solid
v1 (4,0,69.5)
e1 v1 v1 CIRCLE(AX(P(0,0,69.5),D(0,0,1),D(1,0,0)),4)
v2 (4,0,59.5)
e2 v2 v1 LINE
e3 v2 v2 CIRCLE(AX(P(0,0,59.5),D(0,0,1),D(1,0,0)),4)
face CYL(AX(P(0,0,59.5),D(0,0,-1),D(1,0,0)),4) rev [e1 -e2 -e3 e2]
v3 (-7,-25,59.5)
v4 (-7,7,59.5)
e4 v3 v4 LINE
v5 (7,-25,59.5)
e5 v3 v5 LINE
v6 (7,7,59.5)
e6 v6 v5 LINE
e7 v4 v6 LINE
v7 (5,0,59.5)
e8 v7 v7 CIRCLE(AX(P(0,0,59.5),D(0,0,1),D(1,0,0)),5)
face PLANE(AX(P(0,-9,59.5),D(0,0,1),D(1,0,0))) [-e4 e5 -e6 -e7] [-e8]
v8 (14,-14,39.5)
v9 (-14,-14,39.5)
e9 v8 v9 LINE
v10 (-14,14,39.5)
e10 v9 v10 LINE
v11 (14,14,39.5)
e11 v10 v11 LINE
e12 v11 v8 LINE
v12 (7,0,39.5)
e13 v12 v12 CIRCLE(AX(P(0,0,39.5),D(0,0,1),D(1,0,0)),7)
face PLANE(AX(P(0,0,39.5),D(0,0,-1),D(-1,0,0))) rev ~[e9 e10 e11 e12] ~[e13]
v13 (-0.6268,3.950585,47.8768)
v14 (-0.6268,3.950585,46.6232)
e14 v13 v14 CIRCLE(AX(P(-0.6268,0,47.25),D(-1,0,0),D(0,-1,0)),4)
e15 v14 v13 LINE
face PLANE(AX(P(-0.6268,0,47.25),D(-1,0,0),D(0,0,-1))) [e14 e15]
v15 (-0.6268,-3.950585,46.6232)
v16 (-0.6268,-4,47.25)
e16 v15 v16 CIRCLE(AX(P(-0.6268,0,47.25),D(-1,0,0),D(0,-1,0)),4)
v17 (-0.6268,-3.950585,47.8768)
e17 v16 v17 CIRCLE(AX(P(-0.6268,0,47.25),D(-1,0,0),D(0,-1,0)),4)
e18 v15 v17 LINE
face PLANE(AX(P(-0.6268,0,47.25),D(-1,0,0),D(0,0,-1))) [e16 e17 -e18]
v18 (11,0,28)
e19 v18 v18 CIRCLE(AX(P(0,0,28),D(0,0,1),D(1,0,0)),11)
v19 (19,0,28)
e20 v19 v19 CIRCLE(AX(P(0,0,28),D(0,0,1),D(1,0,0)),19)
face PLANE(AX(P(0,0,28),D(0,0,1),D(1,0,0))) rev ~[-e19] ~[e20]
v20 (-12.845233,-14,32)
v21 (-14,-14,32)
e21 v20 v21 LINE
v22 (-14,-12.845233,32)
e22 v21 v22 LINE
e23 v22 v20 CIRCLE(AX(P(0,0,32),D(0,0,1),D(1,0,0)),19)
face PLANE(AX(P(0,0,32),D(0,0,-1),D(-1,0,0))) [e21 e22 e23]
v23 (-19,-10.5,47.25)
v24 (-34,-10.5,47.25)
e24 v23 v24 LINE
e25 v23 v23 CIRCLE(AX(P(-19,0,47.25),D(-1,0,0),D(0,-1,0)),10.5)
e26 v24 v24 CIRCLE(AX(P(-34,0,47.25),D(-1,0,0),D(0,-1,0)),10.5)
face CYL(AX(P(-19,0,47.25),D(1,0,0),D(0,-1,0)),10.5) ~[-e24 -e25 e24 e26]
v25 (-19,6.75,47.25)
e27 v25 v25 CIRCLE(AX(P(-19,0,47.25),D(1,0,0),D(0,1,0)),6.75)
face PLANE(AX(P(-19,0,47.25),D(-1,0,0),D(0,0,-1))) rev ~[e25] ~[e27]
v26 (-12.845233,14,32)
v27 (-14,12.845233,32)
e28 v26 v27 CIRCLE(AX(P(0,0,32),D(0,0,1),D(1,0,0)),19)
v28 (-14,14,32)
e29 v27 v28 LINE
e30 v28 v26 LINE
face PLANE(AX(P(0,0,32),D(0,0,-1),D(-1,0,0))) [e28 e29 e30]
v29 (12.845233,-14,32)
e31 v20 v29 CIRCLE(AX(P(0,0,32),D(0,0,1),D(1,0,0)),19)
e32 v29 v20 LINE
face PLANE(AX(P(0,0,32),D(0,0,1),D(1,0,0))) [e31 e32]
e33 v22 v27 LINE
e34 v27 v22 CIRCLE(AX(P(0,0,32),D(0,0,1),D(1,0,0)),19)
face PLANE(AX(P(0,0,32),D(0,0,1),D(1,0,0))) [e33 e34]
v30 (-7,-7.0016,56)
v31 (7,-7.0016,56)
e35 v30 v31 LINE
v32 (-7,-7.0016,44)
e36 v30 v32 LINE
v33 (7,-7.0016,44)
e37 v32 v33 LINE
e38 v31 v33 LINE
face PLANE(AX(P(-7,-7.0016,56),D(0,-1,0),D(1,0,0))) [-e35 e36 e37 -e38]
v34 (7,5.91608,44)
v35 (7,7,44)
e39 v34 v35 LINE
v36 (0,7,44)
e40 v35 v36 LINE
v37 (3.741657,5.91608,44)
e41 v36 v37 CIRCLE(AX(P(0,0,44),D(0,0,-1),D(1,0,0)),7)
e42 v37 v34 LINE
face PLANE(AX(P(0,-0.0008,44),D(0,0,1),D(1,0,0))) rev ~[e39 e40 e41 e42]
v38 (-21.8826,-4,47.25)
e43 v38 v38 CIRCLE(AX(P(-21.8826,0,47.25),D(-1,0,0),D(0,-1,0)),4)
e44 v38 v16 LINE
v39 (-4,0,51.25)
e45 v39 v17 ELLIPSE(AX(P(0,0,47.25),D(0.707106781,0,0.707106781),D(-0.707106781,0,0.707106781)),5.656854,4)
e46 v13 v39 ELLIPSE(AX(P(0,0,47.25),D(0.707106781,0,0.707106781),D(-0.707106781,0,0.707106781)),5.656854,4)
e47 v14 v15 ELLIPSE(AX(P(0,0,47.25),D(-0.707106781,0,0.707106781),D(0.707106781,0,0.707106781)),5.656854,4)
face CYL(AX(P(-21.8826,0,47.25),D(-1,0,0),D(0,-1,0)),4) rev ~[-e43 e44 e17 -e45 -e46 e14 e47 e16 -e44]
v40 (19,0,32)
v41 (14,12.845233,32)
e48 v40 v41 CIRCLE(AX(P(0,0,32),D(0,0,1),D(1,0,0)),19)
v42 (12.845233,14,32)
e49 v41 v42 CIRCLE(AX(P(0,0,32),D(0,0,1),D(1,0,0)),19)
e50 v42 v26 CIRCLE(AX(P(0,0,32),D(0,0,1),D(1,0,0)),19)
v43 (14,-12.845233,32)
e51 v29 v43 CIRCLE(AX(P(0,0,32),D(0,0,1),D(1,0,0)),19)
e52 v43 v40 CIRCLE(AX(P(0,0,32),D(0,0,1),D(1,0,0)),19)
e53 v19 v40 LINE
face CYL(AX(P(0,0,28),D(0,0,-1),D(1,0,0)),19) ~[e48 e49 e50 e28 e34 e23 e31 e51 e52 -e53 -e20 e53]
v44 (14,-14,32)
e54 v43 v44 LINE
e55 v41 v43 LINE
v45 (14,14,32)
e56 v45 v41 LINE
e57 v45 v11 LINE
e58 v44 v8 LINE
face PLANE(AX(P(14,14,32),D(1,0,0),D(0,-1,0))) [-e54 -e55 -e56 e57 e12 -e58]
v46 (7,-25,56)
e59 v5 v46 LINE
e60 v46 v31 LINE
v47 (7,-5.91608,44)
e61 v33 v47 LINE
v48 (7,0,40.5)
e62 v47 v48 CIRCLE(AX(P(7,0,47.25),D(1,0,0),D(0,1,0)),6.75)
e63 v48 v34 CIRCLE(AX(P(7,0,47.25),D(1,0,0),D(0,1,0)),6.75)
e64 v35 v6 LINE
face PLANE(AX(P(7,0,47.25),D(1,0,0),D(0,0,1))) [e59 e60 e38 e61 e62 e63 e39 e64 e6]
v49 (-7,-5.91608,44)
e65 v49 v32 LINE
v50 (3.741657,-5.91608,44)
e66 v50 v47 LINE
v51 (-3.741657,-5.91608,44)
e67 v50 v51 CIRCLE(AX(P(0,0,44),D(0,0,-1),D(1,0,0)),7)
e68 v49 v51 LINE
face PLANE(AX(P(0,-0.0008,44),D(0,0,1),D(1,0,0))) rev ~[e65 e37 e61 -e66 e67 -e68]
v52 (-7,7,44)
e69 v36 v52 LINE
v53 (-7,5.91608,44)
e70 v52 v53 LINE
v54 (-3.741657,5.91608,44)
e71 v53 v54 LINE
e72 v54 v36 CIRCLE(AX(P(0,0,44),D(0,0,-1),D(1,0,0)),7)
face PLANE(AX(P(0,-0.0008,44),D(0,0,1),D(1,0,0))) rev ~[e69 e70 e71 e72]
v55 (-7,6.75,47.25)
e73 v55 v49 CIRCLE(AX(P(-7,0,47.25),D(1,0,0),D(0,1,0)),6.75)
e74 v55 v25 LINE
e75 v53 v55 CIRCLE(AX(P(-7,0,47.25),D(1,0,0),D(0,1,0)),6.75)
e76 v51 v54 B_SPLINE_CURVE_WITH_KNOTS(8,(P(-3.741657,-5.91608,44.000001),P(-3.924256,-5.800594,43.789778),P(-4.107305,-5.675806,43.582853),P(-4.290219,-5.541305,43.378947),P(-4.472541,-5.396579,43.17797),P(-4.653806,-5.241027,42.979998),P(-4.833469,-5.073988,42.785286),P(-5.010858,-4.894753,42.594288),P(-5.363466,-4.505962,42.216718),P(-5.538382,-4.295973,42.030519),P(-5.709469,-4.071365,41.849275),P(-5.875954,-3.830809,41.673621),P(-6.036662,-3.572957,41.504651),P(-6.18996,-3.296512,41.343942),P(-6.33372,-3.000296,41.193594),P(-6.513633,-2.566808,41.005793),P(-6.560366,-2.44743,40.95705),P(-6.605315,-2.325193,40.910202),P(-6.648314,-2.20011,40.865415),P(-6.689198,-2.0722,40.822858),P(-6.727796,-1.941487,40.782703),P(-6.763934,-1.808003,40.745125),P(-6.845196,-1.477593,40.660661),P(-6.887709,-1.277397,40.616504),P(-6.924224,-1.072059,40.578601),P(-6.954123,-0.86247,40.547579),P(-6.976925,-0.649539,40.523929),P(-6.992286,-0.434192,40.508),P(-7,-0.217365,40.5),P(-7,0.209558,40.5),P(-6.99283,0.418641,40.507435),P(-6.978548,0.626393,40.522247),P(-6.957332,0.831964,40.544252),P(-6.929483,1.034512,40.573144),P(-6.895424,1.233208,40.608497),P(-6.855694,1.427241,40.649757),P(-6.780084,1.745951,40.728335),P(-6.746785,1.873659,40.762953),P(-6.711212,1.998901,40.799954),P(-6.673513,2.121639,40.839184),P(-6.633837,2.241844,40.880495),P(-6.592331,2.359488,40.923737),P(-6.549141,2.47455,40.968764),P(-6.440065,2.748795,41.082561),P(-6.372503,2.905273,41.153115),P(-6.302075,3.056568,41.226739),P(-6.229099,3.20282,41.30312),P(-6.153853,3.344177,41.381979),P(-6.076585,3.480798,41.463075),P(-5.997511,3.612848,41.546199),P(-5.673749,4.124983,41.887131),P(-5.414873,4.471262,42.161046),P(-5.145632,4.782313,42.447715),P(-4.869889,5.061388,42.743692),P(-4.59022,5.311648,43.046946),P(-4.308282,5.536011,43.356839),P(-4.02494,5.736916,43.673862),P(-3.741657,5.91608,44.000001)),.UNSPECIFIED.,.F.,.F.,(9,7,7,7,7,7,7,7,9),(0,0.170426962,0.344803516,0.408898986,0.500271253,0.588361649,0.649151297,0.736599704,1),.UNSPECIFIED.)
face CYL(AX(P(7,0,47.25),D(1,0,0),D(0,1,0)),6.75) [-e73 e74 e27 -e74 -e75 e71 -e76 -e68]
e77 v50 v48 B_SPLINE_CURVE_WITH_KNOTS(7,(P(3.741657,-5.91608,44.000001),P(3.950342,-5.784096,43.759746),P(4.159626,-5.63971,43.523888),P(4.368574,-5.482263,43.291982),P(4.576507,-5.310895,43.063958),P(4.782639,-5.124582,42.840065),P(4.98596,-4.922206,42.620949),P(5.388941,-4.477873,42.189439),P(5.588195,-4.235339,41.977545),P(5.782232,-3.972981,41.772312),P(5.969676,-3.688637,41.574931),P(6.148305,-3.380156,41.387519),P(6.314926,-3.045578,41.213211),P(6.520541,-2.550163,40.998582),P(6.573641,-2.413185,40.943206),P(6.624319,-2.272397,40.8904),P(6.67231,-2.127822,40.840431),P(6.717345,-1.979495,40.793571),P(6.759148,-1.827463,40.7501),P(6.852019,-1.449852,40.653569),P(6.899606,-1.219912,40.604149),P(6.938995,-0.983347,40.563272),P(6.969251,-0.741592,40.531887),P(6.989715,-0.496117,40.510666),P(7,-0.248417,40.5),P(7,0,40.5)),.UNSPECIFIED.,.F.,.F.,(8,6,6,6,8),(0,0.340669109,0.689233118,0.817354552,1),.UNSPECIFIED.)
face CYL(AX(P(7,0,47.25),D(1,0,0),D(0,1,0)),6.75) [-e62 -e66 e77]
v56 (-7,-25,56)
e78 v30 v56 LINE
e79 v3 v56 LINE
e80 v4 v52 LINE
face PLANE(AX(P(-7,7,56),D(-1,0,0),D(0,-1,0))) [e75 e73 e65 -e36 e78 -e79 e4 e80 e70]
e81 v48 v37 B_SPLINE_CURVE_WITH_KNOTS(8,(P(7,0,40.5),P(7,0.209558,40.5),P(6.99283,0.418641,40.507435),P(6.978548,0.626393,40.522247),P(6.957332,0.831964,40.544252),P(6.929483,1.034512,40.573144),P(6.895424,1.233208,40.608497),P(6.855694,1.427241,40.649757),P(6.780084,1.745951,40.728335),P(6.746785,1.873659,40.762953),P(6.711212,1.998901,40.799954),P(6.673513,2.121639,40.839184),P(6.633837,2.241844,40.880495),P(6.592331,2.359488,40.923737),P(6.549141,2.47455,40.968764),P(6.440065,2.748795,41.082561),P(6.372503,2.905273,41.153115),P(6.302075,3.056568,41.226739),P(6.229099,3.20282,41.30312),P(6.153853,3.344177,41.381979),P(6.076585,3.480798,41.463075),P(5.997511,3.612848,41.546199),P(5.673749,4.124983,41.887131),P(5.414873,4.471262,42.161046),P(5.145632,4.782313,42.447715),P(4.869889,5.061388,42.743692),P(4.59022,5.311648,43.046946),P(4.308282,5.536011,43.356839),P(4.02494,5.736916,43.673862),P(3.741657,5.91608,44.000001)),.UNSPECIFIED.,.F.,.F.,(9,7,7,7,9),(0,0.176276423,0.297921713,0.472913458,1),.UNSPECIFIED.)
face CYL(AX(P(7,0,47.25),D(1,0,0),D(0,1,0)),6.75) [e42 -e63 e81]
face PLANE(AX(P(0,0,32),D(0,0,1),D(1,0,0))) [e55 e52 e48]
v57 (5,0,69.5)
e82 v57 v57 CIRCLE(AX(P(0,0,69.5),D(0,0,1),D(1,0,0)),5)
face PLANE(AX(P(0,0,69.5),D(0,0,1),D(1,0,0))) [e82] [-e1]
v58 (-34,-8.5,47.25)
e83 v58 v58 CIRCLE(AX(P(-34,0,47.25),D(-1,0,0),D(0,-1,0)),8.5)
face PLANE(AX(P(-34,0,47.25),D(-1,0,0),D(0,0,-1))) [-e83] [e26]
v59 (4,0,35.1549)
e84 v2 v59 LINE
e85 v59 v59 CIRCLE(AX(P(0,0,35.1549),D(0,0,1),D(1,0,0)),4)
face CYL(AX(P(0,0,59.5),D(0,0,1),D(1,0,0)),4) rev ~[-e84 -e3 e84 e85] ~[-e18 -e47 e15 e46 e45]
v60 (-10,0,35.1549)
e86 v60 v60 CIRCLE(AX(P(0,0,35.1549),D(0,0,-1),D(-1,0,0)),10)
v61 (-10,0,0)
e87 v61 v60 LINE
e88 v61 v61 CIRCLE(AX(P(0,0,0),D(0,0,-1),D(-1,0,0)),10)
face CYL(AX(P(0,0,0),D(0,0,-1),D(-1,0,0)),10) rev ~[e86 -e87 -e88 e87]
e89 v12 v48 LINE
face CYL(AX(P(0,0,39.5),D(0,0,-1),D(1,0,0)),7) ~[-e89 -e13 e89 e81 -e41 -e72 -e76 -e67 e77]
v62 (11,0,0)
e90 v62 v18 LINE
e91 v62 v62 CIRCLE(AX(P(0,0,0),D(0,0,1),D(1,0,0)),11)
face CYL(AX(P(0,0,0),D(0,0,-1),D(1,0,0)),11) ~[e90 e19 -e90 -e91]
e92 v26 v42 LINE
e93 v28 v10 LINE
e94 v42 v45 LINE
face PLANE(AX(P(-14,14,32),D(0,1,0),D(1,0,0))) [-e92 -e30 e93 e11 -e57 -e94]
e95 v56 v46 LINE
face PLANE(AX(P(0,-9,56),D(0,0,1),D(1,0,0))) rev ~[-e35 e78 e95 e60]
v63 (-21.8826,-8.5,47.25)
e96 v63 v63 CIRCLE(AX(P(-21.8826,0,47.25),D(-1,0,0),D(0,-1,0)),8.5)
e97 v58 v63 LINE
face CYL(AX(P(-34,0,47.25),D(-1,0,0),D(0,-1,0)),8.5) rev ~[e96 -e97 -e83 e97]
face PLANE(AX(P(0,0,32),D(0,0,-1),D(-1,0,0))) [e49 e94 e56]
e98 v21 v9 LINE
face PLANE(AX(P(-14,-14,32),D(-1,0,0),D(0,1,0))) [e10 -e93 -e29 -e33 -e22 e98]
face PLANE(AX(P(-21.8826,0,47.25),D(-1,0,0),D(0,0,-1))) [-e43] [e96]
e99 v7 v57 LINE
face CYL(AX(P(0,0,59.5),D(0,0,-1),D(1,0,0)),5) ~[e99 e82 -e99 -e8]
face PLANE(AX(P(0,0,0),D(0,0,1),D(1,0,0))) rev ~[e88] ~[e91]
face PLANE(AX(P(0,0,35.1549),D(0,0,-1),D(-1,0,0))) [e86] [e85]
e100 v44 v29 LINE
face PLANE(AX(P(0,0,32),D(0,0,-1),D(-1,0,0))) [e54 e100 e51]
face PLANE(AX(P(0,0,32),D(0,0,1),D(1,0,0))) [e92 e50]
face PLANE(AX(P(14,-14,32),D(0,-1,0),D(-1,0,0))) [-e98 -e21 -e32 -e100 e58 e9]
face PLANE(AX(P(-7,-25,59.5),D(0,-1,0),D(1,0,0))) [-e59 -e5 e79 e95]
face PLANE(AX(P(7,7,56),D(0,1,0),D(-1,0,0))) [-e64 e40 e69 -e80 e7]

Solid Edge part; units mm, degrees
sketch "Sketch1" plane through (0, 0, 0) normal (0, 0, 1) x (1, 0, 0)
  circle A0 centre (0, 0) radius 11
extrude "Protrusion1" add sketch "Sketch1" along normal blind 28
sketch "Sketch2" plane through (0, 0, 28) normal (0, 0, 1) x (1, 0, 0)
  circle A0 centre (0, 0) radius 19
extrude "ExtrudedProtrusion_2" add sketch "Sketch2" along normal blind 4
sketch "Sketch3" plane through (0, 0, 32) normal (0, 0, 1) x (1, 0, 0)
  line L0 (14, 14) -> (14, -14)
  line L1 (14, -14) -> (-14, -14)
  line L2 (-14, -14) -> (-14, 14)
  line L3 (-14, 14) -> (14, 14)
extrude "ExtrudedProtrusion_3" add sketch "Sketch3" along normal blind 7.5
sketch "Sketch4" plane through (0, 0, 39.5) normal (0, 0, 1) x (1, 0, 0)
  circle A0 centre (0, 0) radius 7
extrude "ExtrudedProtrusion_4" add sketch "Sketch4" along normal blind 20
sketch "Sketch5" plane through (0, 0, 59.5) normal (0, 0, 1) x (1, 0, 0)
  line L0 (7, -25) -> (7, 7)
  line L1 (7, 7) -> (-7, 7)
  line L2 (-7, 7) -> (-7, -25)
  line L3 (-7, -25) -> (7, -25)
extrude "ExtrudedProtrusion_5" add sketch "Sketch5" against normal blind 3.5
sketch "Sketch6" plane through (0, -9, 59.5) normal (0, 0, 1) x (1, 0, 0)
  circle A0 centre (0, 9) radius 5
  circle A1 centre (0, 9) radius 4
extrude "ExtrudedProtrusion_6" add sketch "Sketch6" along normal blind 10
sketch "Sketch7" plane through (0, -12.5, 56) normal (0, 0, -1) x (0, -1, 0)
  line L0 (-5.4984, 7) -> (-5.4984, -7)
  line L1 (-5.4984, -7) -> (-19.5, -7)
  line L2 (-19.5, -7) -> (-19.5, 7)
  line L3 (-19.5, 7) -> (-5.4984, 7)
extrude "Protrusion2" add sketch "Sketch7" along normal blind 12
sketch "Sketch8" plane through (7, -9, 51.75) normal (1, 0, 0) x (0, 1, 0)
  circle A0 centre (9, -4.5) radius 6.75
extrude "ExtrudedProtrusion_10" add sketch "Sketch8" against normal blind 26
sketch "Sketch9" plane through (-19, 0, 47.25) normal (-1, 0, 0) x (0, -1, 0)
  circle A0 centre (0, 0) radius 10.5
extrude "ExtrudedProtrusion_11" add sketch "Sketch9" along normal blind 15
sketch "Sketch10" plane through (-34, 0, 47.25) normal (-1, 0, 0) x (0, -1, 0)
  circle A0 centre (0, 0) radius 8.5
extrude "ExtrudedCutout_1" cut sketch "Sketch10" against normal blind 12.1174
sketch "Sketch11" plane through (0, 0, 0) normal (0, 0, -1) x (-1, 0, 0)
  circle A0 centre (0, 0) radius 10
extrude "ExtrudedCutout_2" cut sketch "Sketch11" against normal blind 35.1549
sketch "Sketch12" plane through (0, -9, 59.5) normal (0, 0, 1) x (1, 0, 0)
  circle A0 centre (0, 9) radius 4
extrude "Cutout1" cut sketch "Sketch12" against normal blind 106.077
sketch "Sketch13" plane through (-21.8826, 0, 47.25) normal (-1, 0, 0) x (0, -1, 0)
  circle A0 centre (0, 0) radius 4
extrude "ExtrudedCutout_4" cut sketch "Sketch13" against normal blind 21.2558
